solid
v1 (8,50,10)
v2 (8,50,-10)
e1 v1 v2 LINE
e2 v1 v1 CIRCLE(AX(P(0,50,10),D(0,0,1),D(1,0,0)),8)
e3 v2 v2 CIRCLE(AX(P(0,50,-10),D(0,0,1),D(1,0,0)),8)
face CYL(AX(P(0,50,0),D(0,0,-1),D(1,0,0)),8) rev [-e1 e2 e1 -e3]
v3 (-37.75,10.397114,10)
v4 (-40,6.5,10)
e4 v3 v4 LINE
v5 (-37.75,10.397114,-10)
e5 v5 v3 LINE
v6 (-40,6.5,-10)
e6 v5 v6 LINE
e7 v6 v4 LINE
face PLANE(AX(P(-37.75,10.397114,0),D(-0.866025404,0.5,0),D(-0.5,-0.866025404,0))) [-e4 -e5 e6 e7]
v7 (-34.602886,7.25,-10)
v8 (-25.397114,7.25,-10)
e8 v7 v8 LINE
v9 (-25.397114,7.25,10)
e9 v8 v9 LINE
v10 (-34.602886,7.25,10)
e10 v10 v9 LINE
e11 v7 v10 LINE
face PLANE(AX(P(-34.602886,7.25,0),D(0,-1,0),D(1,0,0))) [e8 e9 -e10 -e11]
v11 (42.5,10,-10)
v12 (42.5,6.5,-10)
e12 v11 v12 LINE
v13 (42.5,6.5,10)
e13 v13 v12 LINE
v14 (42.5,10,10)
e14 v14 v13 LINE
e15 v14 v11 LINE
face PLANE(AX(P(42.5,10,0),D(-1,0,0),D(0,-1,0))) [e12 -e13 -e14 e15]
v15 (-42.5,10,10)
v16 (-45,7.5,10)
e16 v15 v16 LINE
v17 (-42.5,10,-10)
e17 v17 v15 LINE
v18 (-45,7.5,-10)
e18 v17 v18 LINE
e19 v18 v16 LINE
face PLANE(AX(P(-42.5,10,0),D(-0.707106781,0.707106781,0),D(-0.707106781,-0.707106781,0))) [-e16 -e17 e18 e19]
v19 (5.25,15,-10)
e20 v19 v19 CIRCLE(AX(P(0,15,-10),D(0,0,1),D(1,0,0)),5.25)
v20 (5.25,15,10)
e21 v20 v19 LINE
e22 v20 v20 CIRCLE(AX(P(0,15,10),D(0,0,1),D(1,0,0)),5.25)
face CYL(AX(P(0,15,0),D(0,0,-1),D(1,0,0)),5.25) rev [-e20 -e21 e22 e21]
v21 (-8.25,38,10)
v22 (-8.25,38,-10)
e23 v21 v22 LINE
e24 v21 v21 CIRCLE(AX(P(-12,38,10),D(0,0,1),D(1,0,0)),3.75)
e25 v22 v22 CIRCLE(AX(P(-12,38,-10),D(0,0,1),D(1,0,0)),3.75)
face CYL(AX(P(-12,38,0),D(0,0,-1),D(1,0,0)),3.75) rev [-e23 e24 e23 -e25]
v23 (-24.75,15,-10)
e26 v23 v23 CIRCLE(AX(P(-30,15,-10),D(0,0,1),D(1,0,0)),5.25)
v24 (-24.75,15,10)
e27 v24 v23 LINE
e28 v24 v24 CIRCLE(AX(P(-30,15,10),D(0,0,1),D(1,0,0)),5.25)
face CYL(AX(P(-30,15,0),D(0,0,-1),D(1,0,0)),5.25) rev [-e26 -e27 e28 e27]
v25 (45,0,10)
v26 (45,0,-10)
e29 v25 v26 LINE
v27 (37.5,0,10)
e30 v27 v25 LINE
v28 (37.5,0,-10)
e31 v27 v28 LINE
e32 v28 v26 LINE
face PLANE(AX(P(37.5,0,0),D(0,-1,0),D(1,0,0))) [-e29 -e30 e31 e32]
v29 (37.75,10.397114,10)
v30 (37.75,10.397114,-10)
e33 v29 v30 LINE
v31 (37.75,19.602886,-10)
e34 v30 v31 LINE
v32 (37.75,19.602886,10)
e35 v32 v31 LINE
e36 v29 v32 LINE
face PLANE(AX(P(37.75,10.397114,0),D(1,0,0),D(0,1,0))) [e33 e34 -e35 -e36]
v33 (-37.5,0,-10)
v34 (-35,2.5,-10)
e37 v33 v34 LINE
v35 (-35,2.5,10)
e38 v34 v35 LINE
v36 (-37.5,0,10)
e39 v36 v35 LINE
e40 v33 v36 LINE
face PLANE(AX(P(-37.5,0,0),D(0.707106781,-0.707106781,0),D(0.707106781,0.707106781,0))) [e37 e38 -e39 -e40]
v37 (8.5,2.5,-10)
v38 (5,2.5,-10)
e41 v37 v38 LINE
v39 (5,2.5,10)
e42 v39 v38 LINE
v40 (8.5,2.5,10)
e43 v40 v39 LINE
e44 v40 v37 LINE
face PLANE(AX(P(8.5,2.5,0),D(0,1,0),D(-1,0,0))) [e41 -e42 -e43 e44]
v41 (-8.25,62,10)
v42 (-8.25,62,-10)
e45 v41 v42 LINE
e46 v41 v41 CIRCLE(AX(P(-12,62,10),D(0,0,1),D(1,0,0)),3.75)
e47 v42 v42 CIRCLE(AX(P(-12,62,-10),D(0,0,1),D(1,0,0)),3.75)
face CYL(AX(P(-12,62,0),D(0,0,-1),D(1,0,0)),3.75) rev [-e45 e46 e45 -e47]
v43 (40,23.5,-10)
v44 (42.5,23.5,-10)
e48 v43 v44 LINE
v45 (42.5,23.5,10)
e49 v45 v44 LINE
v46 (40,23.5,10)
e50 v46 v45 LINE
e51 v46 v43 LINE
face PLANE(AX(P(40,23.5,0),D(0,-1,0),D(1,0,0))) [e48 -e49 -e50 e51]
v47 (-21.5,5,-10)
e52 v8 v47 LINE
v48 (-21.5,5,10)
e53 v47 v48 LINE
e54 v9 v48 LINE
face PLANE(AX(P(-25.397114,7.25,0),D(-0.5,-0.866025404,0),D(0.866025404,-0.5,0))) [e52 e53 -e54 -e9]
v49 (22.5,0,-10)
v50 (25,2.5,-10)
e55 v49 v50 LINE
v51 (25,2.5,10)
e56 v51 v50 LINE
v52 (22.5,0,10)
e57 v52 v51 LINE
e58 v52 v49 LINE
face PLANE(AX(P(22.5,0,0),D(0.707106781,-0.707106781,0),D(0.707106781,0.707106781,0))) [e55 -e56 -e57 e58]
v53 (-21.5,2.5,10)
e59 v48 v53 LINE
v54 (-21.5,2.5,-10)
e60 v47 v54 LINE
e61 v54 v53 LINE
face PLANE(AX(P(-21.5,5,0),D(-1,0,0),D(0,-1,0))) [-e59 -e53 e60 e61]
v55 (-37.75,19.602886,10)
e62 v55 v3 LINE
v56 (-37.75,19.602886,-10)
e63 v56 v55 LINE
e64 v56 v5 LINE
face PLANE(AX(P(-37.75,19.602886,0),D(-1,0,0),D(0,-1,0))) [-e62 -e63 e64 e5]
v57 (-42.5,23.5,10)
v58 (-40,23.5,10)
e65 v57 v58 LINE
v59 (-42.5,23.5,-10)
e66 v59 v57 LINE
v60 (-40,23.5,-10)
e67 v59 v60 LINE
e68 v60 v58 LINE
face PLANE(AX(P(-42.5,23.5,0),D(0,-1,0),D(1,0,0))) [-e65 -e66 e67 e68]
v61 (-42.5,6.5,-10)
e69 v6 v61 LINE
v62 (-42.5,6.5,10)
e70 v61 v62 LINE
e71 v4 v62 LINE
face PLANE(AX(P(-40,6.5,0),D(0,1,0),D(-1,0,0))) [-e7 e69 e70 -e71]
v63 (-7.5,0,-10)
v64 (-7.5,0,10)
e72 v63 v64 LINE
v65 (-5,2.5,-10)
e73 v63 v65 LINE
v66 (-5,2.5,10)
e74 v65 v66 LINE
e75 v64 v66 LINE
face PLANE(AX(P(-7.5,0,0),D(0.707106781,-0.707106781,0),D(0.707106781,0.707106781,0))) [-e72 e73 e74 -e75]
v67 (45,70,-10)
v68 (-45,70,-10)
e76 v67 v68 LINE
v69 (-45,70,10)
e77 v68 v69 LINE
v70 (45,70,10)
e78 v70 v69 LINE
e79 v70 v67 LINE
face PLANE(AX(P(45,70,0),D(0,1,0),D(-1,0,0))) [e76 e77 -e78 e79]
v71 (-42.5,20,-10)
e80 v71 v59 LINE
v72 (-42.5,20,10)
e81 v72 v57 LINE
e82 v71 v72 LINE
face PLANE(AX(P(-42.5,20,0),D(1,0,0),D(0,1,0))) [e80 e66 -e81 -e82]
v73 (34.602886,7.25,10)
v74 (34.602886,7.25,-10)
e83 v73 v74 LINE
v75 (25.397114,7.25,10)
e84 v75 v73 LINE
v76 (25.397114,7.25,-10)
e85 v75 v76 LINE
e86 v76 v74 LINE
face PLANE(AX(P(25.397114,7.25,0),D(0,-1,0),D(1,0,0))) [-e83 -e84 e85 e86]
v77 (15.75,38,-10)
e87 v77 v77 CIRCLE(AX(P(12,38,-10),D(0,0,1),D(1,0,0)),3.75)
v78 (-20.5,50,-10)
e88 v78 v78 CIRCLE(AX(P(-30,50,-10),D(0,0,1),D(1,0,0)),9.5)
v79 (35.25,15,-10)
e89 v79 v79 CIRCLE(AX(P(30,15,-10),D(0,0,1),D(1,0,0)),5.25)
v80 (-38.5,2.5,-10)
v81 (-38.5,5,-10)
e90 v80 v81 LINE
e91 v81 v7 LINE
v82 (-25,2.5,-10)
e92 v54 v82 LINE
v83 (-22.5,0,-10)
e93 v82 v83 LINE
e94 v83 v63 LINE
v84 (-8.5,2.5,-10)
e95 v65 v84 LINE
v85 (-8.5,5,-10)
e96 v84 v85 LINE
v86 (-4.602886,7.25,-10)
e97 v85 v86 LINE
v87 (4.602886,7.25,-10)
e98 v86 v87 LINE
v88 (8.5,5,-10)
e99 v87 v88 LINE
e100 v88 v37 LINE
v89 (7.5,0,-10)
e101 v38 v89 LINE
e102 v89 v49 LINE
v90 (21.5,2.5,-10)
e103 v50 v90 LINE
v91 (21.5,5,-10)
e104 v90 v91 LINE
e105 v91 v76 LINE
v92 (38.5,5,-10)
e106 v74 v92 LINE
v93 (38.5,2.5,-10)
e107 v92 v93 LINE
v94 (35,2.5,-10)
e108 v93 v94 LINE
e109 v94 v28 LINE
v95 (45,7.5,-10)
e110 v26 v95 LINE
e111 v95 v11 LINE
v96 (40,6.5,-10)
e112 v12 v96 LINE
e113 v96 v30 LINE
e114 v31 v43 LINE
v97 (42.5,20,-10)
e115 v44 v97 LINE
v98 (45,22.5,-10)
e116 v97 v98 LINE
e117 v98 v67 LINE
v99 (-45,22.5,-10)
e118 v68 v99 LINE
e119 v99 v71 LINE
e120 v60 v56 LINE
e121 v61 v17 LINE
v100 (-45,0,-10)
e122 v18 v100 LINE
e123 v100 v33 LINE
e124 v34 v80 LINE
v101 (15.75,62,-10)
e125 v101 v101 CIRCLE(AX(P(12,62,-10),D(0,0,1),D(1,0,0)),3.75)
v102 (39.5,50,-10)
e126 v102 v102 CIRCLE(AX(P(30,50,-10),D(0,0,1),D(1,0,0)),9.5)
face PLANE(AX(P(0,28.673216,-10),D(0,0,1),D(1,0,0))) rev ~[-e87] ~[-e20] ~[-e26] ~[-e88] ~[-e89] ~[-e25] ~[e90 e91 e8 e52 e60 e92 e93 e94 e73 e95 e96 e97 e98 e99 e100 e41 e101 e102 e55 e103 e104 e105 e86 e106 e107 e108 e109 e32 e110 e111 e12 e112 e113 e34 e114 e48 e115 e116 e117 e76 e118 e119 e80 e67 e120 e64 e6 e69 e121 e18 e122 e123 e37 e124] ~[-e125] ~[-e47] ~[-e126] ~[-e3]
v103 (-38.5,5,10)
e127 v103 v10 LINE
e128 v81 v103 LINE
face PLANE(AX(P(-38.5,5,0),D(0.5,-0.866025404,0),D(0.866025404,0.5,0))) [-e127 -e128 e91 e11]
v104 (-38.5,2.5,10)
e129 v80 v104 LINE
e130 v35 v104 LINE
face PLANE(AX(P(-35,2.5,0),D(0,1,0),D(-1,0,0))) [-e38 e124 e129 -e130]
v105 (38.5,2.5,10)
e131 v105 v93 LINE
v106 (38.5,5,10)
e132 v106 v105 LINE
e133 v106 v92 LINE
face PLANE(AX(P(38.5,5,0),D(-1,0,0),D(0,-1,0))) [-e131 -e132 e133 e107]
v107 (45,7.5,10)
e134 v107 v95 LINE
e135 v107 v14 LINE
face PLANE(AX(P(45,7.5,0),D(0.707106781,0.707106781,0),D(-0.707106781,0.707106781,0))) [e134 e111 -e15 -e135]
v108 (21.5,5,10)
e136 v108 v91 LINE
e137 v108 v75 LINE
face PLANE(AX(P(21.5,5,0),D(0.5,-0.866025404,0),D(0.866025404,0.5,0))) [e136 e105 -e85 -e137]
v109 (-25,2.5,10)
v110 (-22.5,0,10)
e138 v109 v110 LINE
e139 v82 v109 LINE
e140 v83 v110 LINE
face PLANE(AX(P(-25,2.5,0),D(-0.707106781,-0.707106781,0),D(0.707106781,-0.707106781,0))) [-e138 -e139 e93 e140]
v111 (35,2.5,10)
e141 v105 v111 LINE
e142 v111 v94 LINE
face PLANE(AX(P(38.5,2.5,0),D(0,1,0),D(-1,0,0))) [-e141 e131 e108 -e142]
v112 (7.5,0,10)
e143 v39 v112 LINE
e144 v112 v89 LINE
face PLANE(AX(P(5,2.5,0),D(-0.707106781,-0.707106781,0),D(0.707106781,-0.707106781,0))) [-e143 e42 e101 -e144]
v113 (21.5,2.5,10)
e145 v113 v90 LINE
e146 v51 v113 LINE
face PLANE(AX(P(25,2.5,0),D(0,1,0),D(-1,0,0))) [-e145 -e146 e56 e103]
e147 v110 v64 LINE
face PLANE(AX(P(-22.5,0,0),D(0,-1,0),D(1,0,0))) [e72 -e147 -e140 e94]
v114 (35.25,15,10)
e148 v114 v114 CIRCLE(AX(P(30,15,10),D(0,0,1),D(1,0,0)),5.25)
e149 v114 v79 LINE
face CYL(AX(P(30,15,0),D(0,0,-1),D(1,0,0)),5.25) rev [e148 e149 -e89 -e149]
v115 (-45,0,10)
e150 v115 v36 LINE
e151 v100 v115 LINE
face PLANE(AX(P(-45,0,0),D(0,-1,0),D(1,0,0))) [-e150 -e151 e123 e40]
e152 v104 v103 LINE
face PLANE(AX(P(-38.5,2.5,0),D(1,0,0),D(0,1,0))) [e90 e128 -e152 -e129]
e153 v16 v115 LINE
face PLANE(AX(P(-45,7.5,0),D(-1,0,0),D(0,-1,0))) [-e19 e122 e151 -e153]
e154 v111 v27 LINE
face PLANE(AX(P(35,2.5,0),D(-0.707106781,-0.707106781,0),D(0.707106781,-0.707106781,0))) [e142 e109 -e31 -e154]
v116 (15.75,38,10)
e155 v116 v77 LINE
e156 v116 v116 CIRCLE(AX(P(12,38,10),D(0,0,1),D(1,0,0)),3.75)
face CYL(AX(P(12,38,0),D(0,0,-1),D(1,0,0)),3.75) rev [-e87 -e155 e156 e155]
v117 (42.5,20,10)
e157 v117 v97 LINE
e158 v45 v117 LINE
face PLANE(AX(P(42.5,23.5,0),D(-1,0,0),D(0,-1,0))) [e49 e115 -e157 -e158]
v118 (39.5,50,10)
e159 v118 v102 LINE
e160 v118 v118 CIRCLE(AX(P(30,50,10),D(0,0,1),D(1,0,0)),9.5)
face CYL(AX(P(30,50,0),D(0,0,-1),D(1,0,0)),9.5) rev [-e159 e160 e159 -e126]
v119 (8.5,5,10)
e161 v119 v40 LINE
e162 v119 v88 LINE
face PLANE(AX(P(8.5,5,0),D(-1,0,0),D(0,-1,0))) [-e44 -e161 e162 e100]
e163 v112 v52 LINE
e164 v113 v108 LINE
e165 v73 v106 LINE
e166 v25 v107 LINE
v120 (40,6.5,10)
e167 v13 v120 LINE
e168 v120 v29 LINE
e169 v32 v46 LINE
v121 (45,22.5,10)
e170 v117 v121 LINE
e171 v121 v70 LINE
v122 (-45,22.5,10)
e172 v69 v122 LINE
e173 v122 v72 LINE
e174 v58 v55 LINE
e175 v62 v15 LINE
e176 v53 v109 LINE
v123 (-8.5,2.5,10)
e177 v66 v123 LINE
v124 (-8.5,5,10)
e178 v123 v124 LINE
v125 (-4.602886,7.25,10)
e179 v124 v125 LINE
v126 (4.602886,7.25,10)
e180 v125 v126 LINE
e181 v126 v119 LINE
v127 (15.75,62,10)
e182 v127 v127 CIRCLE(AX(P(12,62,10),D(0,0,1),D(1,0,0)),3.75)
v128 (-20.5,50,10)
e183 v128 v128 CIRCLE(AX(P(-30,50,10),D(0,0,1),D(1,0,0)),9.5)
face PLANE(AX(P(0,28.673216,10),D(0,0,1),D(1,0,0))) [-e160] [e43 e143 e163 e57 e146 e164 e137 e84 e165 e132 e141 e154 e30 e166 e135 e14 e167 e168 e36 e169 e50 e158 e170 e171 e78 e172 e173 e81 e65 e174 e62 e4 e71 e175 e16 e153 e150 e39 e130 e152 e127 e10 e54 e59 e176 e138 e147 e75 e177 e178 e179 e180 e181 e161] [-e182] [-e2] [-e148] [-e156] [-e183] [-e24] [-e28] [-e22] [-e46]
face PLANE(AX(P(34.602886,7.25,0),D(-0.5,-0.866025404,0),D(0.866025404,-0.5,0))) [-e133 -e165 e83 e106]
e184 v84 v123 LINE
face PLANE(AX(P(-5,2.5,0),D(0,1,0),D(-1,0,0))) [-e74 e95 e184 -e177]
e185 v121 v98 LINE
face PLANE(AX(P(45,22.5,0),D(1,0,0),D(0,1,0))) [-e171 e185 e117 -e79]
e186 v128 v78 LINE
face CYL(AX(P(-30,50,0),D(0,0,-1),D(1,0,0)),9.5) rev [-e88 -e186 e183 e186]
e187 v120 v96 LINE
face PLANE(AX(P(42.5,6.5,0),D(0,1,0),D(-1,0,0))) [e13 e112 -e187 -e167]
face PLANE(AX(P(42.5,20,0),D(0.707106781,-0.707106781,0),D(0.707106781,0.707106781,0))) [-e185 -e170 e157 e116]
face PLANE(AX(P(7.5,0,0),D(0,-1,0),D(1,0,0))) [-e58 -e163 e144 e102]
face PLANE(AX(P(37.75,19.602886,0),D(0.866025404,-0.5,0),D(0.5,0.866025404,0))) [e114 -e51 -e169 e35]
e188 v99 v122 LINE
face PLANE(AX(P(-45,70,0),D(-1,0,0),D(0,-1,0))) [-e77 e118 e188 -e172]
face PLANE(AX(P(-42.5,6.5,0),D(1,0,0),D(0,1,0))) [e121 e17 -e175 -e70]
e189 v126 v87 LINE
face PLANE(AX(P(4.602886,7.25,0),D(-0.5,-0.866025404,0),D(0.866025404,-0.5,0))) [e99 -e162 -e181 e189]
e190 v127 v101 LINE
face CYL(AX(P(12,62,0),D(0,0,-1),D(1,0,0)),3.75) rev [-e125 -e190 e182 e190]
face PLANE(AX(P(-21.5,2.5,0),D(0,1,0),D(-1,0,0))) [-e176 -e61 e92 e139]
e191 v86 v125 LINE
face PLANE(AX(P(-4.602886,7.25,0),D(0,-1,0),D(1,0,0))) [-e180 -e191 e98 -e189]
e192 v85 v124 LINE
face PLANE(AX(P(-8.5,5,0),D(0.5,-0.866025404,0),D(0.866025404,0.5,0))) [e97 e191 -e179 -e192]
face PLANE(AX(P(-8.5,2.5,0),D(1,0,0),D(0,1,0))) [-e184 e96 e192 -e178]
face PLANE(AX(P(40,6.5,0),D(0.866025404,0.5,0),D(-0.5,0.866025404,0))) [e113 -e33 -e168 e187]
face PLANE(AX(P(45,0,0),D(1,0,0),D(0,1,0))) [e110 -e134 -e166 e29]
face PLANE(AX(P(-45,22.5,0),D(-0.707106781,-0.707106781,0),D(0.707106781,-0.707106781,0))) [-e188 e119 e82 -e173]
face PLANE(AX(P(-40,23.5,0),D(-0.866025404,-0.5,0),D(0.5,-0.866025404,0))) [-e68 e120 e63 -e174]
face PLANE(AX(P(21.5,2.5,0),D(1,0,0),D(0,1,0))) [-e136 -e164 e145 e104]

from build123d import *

# Parameters (mm, degrees)
SKETCH1_R           = 5.25
SKETCH1_R_2         = 8
SKETCH1_R_3         = 9.5
SKETCH1_R_4         = 3.75
BOSS_EXTRUDE1_DEPTH = 10


with BuildPart() as part:
    # Sketch1 → Boss-Extrude1 (new, symmetric)
    with BuildSketch(Plane.XY):
        Polygon((45, 70), (-45, 70), (-45, 22.5), (-42.5, 20), (-42.5, 23.5), (-40, 23.5), (-37.75, 19.602885683), (-37.75, 10.397114317), (-40, 6.5), (-42.5, 6.5), (-42.5, 10), (-45, 7.5), (-45, 0), (-37.5, 0), (-35, 2.5), (-38.5, 2.5), (-38.5, 5), (-34.602885683, 7.25), (-25.397114317, 7.25), (-21.5, 5), (-21.5, 2.5), (-25, 2.5), (-22.5, 0), (-7.5, 0), (-5, 2.5), (-8.5, 2.5), (-8.5, 5), (-4.602885683, 7.25), (4.602885683, 7.25), (8.5, 5), (8.5, 2.5), (5, 2.5), (7.5, 0), (22.5, 0), (25, 2.5), (21.5, 2.5), (21.5, 5), (25.397114317, 7.25), (34.602885683, 7.25), (38.5, 5), (38.5, 2.5), (35, 2.5), (37.5, 0), (45, 0), (45, 7.5), (42.5, 10), (42.5, 6.5), (40, 6.5), (37.75, 10.397114317), (37.75, 19.602885683), (40, 23.5), (42.5, 23.5), (42.5, 20), (45, 22.5), align=None)
        with Locations((0, 15)):
            Circle(SKETCH1_R, mode=Mode.SUBTRACT)
        with Locations((-30, 15)):
            Circle(SKETCH1_R, mode=Mode.SUBTRACT)
        with Locations((30, 15)):
            Circle(SKETCH1_R, mode=Mode.SUBTRACT)
        with Locations((0, 50)):
            Circle(SKETCH1_R_2, mode=Mode.SUBTRACT)
        with Locations((30, 50)):
            Circle(SKETCH1_R_3, mode=Mode.SUBTRACT)
        with Locations((12, 62)):
            Circle(SKETCH1_R_4, mode=Mode.SUBTRACT)
        with Locations((12, 38)):
            Circle(SKETCH1_R_4, mode=Mode.SUBTRACT)
        with Locations((-12, 38)):
            Circle(SKETCH1_R_4, mode=Mode.SUBTRACT)
        with Locations((-12, 62)):
            Circle(SKETCH1_R_4, mode=Mode.SUBTRACT)
        with Locations((-30, 50)):
            Circle(SKETCH1_R_3, mode=Mode.SUBTRACT)
    extrude(amount=BOSS_EXTRUDE1_DEPTH, both=True)


solid = part.part
